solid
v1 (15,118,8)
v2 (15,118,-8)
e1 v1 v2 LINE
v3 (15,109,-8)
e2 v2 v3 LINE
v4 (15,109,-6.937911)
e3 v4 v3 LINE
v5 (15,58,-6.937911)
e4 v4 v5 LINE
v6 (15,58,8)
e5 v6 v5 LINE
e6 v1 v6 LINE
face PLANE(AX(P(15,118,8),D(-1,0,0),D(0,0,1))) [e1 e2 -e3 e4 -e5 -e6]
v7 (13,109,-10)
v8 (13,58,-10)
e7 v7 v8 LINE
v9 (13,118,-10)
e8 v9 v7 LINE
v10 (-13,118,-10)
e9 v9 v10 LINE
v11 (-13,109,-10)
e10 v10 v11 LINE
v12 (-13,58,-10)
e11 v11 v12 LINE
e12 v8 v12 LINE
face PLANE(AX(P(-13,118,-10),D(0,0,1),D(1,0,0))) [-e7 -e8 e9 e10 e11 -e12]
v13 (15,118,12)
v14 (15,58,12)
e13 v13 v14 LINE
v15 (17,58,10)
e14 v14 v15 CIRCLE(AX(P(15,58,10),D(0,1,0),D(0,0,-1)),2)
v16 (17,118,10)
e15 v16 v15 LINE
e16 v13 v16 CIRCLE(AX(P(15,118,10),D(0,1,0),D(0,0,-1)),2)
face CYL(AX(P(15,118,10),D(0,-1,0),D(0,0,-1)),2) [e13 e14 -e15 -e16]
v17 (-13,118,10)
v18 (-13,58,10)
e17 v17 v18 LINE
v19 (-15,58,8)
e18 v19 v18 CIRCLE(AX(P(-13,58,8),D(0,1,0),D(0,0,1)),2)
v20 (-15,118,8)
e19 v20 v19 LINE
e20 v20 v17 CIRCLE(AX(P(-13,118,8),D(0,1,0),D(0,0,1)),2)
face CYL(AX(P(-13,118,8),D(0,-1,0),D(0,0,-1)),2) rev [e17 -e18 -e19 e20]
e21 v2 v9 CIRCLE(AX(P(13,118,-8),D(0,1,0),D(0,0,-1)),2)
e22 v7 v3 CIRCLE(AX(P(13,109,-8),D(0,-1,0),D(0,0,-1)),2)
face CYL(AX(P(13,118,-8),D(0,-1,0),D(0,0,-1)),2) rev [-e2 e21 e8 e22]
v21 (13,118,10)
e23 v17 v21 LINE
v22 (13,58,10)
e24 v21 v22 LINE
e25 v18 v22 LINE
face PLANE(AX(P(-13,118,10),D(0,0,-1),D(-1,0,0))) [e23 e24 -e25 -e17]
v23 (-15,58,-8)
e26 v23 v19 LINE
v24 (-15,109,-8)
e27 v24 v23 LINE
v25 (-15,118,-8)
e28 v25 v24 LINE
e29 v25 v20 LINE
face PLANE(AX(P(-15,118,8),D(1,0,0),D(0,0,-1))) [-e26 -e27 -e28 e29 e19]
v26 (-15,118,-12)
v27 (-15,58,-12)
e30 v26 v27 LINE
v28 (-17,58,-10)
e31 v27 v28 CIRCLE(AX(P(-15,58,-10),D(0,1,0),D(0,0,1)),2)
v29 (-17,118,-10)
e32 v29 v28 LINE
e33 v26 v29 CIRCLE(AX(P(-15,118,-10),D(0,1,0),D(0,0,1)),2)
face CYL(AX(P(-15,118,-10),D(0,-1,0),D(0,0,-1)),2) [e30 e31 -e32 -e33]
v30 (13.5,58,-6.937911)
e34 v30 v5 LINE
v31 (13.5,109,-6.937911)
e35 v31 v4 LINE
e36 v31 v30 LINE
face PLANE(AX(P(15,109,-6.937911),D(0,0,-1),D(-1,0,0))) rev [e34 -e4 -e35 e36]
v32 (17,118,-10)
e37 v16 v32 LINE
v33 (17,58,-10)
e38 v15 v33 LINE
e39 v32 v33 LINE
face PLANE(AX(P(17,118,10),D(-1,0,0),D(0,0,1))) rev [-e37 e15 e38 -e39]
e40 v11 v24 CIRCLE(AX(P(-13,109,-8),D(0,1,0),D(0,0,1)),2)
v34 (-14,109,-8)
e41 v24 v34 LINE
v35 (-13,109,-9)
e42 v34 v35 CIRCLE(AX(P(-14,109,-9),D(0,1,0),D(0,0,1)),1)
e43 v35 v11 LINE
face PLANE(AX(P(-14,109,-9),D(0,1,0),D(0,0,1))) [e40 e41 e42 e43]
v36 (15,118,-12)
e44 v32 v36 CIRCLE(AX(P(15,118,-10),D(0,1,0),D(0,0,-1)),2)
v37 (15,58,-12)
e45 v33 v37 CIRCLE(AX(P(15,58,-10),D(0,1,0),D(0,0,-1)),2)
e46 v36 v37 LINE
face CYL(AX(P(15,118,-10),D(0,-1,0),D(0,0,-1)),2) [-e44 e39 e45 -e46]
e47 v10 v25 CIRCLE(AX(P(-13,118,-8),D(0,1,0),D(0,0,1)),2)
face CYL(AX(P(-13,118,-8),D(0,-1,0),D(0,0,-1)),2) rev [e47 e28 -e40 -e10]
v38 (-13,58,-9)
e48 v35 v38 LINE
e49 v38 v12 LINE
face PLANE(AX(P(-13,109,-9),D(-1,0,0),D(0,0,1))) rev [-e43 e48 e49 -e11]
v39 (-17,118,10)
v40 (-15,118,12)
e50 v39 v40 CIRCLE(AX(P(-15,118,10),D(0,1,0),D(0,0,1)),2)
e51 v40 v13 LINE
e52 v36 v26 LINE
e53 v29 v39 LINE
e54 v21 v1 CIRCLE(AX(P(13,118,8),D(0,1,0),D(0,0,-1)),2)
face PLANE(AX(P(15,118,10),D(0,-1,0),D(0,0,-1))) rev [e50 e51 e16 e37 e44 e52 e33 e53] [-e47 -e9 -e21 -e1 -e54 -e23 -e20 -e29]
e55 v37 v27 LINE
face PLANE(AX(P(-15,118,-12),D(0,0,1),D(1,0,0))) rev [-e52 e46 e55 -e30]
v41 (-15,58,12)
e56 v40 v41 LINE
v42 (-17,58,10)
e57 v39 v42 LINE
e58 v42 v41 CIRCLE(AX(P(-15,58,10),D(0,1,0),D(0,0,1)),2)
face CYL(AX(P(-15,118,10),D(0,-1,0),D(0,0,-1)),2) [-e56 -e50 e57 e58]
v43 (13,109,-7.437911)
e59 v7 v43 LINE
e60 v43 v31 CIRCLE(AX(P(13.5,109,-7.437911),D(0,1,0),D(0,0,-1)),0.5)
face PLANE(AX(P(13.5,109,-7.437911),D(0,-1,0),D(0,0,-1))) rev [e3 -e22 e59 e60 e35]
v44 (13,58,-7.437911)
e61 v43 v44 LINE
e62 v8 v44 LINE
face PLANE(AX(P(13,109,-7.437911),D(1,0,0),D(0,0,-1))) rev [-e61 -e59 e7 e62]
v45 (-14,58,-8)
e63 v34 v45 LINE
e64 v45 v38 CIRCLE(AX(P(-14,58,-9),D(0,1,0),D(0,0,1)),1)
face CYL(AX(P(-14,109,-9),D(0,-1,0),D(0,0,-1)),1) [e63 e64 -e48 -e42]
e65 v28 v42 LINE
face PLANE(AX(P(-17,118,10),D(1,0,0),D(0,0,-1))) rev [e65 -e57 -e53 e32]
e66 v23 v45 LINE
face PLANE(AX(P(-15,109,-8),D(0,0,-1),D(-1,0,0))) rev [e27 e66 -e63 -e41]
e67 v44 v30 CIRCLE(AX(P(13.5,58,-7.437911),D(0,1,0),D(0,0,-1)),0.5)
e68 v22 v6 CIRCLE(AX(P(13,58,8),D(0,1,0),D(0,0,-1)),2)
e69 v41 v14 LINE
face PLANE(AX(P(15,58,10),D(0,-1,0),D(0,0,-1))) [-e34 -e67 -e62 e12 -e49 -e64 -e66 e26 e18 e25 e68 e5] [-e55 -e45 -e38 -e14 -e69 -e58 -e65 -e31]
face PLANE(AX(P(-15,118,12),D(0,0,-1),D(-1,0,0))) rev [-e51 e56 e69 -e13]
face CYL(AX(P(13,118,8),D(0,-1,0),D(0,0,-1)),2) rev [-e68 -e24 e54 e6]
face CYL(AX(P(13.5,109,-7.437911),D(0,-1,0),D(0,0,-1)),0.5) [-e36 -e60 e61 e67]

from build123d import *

# Parameters (mm, degrees)
BOSS_EXTRUDE4_DEPTH = 60
BOSS_EXTRUDE5_DEPTH = 51


with BuildPart() as part:
    # Sketch8 → Boss-Extrude4 (new body)
    with BuildSketch(Plane(origin=(0, 58, 0), x_dir=(1, 0, 0), z_dir=(0, 1, 0))):
        with BuildLine():
            Line((-15, -12), (15, -12))
            ThreePointArc((15, -12), (16.414213562, -11.414213562), (17, -10))
            Line((17, -10), (17, 10))
            ThreePointArc((17, 10), (16.414213562, 11.414213562), (15, 12))
            Line((15, 12), (-15, 12))
            ThreePointArc((-15, 12), (-16.414213562, 11.414213562), (-17, 10))
            Line((-17, 10), (-17, -10))
            ThreePointArc((-17, -10), (-16.414213562, -11.414213562), (-15, -12))
        make_face()
        with BuildLine():
            Line((-13, -10), (13, -10))
            ThreePointArc((13, -10), (14.414213562, -9.414213562), (15, -8))
            Line((15, -8), (15, 8))
            ThreePointArc((15, 8), (14.414213562, 9.414213562), (13, 10))
            Line((13, 10), (-13, 10))
            ThreePointArc((-13, 10), (-14.414213562, 9.414213562), (-15, 8))
            Line((-15, 8), (-15, -8))
            ThreePointArc((-15, -8), (-14.414213562, -9.414213562), (-13, -10))
        make_face(mode=Mode.SUBTRACT)
    extrude(amount=BOSS_EXTRUDE4_DEPTH)

    # Sketch11 → Boss-Extrude5 (add)
    with BuildSketch(Plane(origin=(0, 58, 0), x_dir=(1, 0, 0), z_dir=(0, 1, 0))):
        with BuildLine():
            Line((13, 10), (15, 10))
            Line((15, 10), (15, 6.937911183))
            Line((15, 6.937911183), (13.5, 6.937911183))
            ThreePointArc((13.5, 6.937911183), (13.146446609, 7.084357793), (13, 7.437911183))
            Line((13, 7.437911183), (13, 10))
        make_face()
        with BuildLine():
            Line((-13, 10), (-15, 10))
            Line((-15, 10), (-15, 8))
            Line((-15, 8), (-14, 8))
            ThreePointArc((-14, 8), (-13.292893219, 8.292893219), (-13, 9))
            Line((-13, 9), (-13, 10))
        make_face()
    extrude(amount=BOSS_EXTRUDE5_DEPTH)


solid = part.part
